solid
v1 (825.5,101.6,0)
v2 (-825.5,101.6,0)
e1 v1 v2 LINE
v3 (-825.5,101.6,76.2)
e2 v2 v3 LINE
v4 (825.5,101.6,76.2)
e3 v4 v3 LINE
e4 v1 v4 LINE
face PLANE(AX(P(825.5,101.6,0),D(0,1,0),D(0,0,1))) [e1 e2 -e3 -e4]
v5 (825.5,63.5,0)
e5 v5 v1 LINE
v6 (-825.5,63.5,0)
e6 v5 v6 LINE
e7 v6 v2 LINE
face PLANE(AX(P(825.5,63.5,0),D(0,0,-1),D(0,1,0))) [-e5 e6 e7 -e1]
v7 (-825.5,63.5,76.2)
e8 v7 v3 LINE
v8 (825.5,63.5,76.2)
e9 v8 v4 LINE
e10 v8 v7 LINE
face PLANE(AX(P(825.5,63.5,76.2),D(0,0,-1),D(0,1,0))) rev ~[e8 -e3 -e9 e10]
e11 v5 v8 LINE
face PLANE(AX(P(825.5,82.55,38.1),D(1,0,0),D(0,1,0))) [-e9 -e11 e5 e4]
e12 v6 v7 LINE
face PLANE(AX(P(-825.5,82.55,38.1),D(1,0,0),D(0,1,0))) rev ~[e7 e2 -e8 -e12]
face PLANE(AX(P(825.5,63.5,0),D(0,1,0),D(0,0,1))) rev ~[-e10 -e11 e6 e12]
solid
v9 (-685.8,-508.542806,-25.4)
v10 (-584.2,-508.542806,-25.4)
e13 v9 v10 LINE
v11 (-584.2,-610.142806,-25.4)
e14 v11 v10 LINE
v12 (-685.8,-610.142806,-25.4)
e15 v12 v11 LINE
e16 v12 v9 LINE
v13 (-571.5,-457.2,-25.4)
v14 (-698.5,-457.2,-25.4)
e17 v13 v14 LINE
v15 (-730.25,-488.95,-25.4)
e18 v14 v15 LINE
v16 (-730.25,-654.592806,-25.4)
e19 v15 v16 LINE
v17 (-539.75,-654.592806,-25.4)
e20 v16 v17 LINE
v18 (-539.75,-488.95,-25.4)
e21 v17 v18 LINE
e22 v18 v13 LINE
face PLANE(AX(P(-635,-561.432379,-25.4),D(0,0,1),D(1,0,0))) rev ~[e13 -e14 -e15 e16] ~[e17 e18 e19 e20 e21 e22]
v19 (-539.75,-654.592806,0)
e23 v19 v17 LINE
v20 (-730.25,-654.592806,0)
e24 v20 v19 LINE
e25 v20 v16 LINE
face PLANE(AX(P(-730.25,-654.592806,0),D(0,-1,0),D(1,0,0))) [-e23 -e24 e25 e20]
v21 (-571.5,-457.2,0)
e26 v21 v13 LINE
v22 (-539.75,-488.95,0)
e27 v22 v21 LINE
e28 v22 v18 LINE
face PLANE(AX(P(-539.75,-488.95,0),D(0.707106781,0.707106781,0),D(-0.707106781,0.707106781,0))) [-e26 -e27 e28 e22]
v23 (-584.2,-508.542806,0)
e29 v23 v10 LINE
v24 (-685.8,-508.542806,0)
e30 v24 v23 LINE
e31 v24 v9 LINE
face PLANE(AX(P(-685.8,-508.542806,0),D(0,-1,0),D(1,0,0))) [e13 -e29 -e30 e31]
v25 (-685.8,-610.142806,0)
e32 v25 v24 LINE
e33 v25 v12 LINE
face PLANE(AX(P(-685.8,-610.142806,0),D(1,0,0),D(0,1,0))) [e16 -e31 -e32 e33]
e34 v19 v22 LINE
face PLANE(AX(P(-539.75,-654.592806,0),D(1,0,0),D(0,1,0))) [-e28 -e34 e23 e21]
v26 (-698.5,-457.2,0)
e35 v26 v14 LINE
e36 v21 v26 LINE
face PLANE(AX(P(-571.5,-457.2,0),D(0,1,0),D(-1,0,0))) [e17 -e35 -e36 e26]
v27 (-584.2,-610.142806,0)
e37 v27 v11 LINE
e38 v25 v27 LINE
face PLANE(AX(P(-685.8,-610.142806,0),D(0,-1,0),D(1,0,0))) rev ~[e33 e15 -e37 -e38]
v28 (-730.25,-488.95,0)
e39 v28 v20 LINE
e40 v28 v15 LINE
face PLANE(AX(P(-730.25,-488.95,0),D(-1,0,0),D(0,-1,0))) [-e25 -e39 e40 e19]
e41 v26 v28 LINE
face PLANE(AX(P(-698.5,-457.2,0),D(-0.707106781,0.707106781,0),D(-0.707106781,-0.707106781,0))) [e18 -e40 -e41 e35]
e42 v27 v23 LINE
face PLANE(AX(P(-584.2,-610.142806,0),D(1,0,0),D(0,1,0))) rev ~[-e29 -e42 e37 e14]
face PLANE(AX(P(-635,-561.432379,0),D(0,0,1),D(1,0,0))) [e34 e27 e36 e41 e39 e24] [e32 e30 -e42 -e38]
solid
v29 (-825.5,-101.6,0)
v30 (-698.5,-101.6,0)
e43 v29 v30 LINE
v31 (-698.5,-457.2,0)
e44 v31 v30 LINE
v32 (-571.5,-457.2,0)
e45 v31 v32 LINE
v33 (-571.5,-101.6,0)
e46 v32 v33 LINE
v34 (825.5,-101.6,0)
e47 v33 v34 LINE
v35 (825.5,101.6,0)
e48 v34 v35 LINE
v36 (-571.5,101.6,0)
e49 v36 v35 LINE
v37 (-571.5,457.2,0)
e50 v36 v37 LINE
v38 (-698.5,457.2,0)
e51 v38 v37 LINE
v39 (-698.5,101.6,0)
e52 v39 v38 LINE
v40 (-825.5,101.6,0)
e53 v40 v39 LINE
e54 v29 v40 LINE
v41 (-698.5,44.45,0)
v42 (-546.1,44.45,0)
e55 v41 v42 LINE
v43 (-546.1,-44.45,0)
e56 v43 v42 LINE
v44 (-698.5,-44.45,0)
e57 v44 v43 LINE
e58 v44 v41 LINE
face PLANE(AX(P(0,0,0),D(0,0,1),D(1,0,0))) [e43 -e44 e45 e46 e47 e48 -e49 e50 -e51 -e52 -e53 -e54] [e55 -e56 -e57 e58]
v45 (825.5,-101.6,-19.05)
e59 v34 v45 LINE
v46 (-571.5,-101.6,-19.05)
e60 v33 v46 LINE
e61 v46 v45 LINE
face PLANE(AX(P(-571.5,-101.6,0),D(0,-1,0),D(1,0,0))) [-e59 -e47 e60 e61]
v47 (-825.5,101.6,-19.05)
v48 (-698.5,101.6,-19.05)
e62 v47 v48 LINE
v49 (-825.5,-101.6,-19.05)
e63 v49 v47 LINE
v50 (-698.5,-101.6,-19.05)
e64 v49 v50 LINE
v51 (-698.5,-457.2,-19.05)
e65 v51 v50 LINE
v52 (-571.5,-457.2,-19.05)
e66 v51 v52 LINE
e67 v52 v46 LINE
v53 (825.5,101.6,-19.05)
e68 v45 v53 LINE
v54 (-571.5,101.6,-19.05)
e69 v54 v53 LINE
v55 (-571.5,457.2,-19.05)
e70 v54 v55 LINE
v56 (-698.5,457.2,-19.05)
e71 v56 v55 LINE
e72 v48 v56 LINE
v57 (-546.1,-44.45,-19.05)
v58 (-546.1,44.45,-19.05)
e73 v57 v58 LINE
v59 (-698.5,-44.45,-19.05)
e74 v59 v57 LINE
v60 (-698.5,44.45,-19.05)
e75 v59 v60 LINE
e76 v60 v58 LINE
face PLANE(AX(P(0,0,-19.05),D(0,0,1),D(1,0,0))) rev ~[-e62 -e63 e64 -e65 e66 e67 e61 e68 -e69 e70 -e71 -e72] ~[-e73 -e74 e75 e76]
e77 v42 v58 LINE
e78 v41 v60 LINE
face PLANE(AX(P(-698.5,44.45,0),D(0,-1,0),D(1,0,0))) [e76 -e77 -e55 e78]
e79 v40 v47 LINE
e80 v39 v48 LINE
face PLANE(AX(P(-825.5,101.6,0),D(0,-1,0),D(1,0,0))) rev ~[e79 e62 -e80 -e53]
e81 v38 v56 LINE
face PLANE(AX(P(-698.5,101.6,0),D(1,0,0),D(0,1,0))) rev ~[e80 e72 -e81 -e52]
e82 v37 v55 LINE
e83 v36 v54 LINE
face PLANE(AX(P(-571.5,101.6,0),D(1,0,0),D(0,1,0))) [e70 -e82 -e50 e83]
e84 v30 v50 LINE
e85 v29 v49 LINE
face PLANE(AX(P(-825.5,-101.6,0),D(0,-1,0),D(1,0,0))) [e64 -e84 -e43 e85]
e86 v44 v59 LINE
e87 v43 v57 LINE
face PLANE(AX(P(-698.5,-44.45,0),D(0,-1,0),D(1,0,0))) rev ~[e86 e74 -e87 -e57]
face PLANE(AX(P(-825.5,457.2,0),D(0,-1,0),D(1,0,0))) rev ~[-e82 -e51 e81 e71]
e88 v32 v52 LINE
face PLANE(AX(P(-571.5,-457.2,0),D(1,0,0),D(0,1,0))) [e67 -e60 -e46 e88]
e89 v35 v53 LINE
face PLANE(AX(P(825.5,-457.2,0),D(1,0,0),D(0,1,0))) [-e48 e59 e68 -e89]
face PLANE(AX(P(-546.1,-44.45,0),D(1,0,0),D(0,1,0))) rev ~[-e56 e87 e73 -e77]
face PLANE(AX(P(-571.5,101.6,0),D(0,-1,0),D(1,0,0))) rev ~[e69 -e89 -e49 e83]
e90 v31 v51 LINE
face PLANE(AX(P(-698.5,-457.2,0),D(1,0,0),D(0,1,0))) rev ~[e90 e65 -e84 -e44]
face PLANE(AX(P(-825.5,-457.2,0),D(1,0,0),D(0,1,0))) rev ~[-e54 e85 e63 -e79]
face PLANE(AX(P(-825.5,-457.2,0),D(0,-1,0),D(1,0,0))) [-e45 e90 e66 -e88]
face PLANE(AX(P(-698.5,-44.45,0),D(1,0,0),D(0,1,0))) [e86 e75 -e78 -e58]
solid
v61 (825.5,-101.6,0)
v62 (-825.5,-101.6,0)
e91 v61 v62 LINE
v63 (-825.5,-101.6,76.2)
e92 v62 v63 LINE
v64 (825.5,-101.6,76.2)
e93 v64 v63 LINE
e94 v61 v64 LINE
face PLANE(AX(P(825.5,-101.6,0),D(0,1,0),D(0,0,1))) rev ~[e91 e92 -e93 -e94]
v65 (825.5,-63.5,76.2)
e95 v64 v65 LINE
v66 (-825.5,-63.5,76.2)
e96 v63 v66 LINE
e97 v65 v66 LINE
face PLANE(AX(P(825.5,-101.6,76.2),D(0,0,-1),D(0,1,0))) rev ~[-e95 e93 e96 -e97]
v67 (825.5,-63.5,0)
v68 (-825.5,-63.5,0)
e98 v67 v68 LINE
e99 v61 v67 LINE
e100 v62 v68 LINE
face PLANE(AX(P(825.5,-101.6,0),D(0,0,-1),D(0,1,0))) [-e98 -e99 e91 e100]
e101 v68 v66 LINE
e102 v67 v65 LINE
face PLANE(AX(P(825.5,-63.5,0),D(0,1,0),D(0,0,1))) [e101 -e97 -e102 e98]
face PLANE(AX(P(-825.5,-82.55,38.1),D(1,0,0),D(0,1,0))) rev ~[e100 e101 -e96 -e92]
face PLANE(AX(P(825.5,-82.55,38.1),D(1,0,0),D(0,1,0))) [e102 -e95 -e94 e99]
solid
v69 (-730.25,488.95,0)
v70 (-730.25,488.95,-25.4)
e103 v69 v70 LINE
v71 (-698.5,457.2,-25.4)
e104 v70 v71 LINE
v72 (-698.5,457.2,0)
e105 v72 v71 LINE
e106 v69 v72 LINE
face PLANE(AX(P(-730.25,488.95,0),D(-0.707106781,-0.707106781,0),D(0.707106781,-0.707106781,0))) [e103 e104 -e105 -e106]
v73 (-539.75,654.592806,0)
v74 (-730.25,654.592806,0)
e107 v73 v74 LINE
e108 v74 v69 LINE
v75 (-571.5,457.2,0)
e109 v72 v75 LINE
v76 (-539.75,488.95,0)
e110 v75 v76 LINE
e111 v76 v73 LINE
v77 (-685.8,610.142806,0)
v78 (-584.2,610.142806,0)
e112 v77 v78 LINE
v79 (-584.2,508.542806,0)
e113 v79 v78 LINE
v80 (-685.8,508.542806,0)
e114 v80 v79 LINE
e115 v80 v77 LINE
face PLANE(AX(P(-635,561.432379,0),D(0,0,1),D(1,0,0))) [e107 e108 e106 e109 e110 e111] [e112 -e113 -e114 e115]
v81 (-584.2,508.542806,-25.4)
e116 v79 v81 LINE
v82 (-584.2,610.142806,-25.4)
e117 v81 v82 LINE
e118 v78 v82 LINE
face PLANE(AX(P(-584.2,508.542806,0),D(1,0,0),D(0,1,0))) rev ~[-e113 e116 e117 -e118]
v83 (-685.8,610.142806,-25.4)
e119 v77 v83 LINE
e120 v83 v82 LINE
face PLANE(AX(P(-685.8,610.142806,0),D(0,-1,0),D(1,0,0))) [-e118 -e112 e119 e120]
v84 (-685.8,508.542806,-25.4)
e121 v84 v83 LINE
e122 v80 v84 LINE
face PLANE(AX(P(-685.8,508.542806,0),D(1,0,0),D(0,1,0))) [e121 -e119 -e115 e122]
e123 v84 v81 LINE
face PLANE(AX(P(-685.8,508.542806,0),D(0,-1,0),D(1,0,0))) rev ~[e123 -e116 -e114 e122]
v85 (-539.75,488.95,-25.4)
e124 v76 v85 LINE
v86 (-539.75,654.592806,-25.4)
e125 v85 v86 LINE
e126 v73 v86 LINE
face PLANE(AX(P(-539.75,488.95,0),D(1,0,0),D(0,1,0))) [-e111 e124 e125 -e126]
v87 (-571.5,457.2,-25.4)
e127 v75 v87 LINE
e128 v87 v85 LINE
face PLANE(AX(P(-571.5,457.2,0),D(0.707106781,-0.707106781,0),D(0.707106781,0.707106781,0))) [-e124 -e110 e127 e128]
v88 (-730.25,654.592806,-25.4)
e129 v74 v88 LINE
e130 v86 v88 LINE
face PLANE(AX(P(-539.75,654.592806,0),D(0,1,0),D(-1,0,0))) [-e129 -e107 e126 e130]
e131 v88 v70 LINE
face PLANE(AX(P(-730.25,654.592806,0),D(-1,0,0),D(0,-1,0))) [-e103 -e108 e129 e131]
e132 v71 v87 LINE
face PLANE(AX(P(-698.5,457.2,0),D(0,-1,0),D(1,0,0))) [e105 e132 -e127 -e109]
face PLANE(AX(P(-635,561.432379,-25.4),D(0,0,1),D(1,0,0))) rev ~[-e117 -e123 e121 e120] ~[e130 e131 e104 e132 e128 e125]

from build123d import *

# Parameters (mm, degrees)
F0_W     = 1651
F0_H     = 914.4
F0_W_2   = 152.4
F0_H_2   = 88.9
F1_DEPTH = 19.05
F2_W     = 38.1
F2_H     = 76.2
F3_DEPTH = 1651
F4_W     = 1397
F4_H     = 355.6
F4_W_2   = 127
F5_DEPTH = 19.051
F6_W     = 101.6
F6_H     = 101.6
F7_DEPTH = 25.4


with BuildPart() as f1:
    # F0 (on Top) → F1 (new body)
    with BuildSketch(Plane.XY):
        Rectangle(F0_W, F0_H)
        with Locations((-622.3, 0)):
            Rectangle(F0_W_2, F0_H_2, mode=Mode.SUBTRACT)
    extrude(amount=-F1_DEPTH)

    # F4 (on face) → F5 (cut, through all)
    with BuildSketch(Plane.XY):
        with Locations((127, -279.4)):
            Rectangle(F4_W, F4_H)
        with Locations((-762, -279.4)):
            Rectangle(F4_W_2, F4_H)
        with Locations((127, 279.4)):
            Rectangle(F4_W, F4_H)
        with Locations((-762, 279.4)):
            Rectangle(F4_W_2, F4_H)
    extrude(amount=-F5_DEPTH, mode=Mode.SUBTRACT)


with BuildPart() as f3:
    # F2 (on face) → F3 (new body)
    with BuildSketch(Plane.YZ.offset(825.5)):
        with Locations((-82.55, 38.1)):
            Rectangle(F2_W, F2_H)
    extrude(amount=-F3_DEPTH)


with BuildPart() as f3b:
    # F2 (on face) → F3, piece 2 (new body)
    with BuildSketch(Plane.YZ.offset(825.5)):
        with Locations((82.55, 38.1)):
            Rectangle(F2_W, F2_H)
    extrude(amount=-F3_DEPTH)


with BuildPart() as f7:
    # F6 (on face) → F7 (new body)
    with BuildSketch(Plane.XY):
        Polygon((-571.5, -457.2), (-698.5, -457.2), (-730.25, -488.95), (-730.25, -654.5928061962), (-539.75, -654.5928061962), (-539.75, -488.95), align=None)
        with Locations((-635, -559.3428061962)):
            Rectangle(F6_W, F6_H, mode=Mode.SUBTRACT)
    extrude(amount=-F7_DEPTH)


with BuildPart() as f7b:
    # F6 (on face) → F7, piece 2 (new body)
    with BuildSketch(Plane.XY):
        Polygon((-730.25, 488.95), (-698.5, 457.2), (-571.5, 457.2), (-539.75, 488.95), (-539.75, 654.5928061962), (-730.25, 654.5928061962), align=None)
        with Locations((-635, 559.3428061962)):
            Rectangle(F6_W, F6_H, mode=Mode.SUBTRACT)
    extrude(amount=-F7_DEPTH)


solid = Compound([f1.part, f3.part, f3b.part, f7.part, f7b.part])
